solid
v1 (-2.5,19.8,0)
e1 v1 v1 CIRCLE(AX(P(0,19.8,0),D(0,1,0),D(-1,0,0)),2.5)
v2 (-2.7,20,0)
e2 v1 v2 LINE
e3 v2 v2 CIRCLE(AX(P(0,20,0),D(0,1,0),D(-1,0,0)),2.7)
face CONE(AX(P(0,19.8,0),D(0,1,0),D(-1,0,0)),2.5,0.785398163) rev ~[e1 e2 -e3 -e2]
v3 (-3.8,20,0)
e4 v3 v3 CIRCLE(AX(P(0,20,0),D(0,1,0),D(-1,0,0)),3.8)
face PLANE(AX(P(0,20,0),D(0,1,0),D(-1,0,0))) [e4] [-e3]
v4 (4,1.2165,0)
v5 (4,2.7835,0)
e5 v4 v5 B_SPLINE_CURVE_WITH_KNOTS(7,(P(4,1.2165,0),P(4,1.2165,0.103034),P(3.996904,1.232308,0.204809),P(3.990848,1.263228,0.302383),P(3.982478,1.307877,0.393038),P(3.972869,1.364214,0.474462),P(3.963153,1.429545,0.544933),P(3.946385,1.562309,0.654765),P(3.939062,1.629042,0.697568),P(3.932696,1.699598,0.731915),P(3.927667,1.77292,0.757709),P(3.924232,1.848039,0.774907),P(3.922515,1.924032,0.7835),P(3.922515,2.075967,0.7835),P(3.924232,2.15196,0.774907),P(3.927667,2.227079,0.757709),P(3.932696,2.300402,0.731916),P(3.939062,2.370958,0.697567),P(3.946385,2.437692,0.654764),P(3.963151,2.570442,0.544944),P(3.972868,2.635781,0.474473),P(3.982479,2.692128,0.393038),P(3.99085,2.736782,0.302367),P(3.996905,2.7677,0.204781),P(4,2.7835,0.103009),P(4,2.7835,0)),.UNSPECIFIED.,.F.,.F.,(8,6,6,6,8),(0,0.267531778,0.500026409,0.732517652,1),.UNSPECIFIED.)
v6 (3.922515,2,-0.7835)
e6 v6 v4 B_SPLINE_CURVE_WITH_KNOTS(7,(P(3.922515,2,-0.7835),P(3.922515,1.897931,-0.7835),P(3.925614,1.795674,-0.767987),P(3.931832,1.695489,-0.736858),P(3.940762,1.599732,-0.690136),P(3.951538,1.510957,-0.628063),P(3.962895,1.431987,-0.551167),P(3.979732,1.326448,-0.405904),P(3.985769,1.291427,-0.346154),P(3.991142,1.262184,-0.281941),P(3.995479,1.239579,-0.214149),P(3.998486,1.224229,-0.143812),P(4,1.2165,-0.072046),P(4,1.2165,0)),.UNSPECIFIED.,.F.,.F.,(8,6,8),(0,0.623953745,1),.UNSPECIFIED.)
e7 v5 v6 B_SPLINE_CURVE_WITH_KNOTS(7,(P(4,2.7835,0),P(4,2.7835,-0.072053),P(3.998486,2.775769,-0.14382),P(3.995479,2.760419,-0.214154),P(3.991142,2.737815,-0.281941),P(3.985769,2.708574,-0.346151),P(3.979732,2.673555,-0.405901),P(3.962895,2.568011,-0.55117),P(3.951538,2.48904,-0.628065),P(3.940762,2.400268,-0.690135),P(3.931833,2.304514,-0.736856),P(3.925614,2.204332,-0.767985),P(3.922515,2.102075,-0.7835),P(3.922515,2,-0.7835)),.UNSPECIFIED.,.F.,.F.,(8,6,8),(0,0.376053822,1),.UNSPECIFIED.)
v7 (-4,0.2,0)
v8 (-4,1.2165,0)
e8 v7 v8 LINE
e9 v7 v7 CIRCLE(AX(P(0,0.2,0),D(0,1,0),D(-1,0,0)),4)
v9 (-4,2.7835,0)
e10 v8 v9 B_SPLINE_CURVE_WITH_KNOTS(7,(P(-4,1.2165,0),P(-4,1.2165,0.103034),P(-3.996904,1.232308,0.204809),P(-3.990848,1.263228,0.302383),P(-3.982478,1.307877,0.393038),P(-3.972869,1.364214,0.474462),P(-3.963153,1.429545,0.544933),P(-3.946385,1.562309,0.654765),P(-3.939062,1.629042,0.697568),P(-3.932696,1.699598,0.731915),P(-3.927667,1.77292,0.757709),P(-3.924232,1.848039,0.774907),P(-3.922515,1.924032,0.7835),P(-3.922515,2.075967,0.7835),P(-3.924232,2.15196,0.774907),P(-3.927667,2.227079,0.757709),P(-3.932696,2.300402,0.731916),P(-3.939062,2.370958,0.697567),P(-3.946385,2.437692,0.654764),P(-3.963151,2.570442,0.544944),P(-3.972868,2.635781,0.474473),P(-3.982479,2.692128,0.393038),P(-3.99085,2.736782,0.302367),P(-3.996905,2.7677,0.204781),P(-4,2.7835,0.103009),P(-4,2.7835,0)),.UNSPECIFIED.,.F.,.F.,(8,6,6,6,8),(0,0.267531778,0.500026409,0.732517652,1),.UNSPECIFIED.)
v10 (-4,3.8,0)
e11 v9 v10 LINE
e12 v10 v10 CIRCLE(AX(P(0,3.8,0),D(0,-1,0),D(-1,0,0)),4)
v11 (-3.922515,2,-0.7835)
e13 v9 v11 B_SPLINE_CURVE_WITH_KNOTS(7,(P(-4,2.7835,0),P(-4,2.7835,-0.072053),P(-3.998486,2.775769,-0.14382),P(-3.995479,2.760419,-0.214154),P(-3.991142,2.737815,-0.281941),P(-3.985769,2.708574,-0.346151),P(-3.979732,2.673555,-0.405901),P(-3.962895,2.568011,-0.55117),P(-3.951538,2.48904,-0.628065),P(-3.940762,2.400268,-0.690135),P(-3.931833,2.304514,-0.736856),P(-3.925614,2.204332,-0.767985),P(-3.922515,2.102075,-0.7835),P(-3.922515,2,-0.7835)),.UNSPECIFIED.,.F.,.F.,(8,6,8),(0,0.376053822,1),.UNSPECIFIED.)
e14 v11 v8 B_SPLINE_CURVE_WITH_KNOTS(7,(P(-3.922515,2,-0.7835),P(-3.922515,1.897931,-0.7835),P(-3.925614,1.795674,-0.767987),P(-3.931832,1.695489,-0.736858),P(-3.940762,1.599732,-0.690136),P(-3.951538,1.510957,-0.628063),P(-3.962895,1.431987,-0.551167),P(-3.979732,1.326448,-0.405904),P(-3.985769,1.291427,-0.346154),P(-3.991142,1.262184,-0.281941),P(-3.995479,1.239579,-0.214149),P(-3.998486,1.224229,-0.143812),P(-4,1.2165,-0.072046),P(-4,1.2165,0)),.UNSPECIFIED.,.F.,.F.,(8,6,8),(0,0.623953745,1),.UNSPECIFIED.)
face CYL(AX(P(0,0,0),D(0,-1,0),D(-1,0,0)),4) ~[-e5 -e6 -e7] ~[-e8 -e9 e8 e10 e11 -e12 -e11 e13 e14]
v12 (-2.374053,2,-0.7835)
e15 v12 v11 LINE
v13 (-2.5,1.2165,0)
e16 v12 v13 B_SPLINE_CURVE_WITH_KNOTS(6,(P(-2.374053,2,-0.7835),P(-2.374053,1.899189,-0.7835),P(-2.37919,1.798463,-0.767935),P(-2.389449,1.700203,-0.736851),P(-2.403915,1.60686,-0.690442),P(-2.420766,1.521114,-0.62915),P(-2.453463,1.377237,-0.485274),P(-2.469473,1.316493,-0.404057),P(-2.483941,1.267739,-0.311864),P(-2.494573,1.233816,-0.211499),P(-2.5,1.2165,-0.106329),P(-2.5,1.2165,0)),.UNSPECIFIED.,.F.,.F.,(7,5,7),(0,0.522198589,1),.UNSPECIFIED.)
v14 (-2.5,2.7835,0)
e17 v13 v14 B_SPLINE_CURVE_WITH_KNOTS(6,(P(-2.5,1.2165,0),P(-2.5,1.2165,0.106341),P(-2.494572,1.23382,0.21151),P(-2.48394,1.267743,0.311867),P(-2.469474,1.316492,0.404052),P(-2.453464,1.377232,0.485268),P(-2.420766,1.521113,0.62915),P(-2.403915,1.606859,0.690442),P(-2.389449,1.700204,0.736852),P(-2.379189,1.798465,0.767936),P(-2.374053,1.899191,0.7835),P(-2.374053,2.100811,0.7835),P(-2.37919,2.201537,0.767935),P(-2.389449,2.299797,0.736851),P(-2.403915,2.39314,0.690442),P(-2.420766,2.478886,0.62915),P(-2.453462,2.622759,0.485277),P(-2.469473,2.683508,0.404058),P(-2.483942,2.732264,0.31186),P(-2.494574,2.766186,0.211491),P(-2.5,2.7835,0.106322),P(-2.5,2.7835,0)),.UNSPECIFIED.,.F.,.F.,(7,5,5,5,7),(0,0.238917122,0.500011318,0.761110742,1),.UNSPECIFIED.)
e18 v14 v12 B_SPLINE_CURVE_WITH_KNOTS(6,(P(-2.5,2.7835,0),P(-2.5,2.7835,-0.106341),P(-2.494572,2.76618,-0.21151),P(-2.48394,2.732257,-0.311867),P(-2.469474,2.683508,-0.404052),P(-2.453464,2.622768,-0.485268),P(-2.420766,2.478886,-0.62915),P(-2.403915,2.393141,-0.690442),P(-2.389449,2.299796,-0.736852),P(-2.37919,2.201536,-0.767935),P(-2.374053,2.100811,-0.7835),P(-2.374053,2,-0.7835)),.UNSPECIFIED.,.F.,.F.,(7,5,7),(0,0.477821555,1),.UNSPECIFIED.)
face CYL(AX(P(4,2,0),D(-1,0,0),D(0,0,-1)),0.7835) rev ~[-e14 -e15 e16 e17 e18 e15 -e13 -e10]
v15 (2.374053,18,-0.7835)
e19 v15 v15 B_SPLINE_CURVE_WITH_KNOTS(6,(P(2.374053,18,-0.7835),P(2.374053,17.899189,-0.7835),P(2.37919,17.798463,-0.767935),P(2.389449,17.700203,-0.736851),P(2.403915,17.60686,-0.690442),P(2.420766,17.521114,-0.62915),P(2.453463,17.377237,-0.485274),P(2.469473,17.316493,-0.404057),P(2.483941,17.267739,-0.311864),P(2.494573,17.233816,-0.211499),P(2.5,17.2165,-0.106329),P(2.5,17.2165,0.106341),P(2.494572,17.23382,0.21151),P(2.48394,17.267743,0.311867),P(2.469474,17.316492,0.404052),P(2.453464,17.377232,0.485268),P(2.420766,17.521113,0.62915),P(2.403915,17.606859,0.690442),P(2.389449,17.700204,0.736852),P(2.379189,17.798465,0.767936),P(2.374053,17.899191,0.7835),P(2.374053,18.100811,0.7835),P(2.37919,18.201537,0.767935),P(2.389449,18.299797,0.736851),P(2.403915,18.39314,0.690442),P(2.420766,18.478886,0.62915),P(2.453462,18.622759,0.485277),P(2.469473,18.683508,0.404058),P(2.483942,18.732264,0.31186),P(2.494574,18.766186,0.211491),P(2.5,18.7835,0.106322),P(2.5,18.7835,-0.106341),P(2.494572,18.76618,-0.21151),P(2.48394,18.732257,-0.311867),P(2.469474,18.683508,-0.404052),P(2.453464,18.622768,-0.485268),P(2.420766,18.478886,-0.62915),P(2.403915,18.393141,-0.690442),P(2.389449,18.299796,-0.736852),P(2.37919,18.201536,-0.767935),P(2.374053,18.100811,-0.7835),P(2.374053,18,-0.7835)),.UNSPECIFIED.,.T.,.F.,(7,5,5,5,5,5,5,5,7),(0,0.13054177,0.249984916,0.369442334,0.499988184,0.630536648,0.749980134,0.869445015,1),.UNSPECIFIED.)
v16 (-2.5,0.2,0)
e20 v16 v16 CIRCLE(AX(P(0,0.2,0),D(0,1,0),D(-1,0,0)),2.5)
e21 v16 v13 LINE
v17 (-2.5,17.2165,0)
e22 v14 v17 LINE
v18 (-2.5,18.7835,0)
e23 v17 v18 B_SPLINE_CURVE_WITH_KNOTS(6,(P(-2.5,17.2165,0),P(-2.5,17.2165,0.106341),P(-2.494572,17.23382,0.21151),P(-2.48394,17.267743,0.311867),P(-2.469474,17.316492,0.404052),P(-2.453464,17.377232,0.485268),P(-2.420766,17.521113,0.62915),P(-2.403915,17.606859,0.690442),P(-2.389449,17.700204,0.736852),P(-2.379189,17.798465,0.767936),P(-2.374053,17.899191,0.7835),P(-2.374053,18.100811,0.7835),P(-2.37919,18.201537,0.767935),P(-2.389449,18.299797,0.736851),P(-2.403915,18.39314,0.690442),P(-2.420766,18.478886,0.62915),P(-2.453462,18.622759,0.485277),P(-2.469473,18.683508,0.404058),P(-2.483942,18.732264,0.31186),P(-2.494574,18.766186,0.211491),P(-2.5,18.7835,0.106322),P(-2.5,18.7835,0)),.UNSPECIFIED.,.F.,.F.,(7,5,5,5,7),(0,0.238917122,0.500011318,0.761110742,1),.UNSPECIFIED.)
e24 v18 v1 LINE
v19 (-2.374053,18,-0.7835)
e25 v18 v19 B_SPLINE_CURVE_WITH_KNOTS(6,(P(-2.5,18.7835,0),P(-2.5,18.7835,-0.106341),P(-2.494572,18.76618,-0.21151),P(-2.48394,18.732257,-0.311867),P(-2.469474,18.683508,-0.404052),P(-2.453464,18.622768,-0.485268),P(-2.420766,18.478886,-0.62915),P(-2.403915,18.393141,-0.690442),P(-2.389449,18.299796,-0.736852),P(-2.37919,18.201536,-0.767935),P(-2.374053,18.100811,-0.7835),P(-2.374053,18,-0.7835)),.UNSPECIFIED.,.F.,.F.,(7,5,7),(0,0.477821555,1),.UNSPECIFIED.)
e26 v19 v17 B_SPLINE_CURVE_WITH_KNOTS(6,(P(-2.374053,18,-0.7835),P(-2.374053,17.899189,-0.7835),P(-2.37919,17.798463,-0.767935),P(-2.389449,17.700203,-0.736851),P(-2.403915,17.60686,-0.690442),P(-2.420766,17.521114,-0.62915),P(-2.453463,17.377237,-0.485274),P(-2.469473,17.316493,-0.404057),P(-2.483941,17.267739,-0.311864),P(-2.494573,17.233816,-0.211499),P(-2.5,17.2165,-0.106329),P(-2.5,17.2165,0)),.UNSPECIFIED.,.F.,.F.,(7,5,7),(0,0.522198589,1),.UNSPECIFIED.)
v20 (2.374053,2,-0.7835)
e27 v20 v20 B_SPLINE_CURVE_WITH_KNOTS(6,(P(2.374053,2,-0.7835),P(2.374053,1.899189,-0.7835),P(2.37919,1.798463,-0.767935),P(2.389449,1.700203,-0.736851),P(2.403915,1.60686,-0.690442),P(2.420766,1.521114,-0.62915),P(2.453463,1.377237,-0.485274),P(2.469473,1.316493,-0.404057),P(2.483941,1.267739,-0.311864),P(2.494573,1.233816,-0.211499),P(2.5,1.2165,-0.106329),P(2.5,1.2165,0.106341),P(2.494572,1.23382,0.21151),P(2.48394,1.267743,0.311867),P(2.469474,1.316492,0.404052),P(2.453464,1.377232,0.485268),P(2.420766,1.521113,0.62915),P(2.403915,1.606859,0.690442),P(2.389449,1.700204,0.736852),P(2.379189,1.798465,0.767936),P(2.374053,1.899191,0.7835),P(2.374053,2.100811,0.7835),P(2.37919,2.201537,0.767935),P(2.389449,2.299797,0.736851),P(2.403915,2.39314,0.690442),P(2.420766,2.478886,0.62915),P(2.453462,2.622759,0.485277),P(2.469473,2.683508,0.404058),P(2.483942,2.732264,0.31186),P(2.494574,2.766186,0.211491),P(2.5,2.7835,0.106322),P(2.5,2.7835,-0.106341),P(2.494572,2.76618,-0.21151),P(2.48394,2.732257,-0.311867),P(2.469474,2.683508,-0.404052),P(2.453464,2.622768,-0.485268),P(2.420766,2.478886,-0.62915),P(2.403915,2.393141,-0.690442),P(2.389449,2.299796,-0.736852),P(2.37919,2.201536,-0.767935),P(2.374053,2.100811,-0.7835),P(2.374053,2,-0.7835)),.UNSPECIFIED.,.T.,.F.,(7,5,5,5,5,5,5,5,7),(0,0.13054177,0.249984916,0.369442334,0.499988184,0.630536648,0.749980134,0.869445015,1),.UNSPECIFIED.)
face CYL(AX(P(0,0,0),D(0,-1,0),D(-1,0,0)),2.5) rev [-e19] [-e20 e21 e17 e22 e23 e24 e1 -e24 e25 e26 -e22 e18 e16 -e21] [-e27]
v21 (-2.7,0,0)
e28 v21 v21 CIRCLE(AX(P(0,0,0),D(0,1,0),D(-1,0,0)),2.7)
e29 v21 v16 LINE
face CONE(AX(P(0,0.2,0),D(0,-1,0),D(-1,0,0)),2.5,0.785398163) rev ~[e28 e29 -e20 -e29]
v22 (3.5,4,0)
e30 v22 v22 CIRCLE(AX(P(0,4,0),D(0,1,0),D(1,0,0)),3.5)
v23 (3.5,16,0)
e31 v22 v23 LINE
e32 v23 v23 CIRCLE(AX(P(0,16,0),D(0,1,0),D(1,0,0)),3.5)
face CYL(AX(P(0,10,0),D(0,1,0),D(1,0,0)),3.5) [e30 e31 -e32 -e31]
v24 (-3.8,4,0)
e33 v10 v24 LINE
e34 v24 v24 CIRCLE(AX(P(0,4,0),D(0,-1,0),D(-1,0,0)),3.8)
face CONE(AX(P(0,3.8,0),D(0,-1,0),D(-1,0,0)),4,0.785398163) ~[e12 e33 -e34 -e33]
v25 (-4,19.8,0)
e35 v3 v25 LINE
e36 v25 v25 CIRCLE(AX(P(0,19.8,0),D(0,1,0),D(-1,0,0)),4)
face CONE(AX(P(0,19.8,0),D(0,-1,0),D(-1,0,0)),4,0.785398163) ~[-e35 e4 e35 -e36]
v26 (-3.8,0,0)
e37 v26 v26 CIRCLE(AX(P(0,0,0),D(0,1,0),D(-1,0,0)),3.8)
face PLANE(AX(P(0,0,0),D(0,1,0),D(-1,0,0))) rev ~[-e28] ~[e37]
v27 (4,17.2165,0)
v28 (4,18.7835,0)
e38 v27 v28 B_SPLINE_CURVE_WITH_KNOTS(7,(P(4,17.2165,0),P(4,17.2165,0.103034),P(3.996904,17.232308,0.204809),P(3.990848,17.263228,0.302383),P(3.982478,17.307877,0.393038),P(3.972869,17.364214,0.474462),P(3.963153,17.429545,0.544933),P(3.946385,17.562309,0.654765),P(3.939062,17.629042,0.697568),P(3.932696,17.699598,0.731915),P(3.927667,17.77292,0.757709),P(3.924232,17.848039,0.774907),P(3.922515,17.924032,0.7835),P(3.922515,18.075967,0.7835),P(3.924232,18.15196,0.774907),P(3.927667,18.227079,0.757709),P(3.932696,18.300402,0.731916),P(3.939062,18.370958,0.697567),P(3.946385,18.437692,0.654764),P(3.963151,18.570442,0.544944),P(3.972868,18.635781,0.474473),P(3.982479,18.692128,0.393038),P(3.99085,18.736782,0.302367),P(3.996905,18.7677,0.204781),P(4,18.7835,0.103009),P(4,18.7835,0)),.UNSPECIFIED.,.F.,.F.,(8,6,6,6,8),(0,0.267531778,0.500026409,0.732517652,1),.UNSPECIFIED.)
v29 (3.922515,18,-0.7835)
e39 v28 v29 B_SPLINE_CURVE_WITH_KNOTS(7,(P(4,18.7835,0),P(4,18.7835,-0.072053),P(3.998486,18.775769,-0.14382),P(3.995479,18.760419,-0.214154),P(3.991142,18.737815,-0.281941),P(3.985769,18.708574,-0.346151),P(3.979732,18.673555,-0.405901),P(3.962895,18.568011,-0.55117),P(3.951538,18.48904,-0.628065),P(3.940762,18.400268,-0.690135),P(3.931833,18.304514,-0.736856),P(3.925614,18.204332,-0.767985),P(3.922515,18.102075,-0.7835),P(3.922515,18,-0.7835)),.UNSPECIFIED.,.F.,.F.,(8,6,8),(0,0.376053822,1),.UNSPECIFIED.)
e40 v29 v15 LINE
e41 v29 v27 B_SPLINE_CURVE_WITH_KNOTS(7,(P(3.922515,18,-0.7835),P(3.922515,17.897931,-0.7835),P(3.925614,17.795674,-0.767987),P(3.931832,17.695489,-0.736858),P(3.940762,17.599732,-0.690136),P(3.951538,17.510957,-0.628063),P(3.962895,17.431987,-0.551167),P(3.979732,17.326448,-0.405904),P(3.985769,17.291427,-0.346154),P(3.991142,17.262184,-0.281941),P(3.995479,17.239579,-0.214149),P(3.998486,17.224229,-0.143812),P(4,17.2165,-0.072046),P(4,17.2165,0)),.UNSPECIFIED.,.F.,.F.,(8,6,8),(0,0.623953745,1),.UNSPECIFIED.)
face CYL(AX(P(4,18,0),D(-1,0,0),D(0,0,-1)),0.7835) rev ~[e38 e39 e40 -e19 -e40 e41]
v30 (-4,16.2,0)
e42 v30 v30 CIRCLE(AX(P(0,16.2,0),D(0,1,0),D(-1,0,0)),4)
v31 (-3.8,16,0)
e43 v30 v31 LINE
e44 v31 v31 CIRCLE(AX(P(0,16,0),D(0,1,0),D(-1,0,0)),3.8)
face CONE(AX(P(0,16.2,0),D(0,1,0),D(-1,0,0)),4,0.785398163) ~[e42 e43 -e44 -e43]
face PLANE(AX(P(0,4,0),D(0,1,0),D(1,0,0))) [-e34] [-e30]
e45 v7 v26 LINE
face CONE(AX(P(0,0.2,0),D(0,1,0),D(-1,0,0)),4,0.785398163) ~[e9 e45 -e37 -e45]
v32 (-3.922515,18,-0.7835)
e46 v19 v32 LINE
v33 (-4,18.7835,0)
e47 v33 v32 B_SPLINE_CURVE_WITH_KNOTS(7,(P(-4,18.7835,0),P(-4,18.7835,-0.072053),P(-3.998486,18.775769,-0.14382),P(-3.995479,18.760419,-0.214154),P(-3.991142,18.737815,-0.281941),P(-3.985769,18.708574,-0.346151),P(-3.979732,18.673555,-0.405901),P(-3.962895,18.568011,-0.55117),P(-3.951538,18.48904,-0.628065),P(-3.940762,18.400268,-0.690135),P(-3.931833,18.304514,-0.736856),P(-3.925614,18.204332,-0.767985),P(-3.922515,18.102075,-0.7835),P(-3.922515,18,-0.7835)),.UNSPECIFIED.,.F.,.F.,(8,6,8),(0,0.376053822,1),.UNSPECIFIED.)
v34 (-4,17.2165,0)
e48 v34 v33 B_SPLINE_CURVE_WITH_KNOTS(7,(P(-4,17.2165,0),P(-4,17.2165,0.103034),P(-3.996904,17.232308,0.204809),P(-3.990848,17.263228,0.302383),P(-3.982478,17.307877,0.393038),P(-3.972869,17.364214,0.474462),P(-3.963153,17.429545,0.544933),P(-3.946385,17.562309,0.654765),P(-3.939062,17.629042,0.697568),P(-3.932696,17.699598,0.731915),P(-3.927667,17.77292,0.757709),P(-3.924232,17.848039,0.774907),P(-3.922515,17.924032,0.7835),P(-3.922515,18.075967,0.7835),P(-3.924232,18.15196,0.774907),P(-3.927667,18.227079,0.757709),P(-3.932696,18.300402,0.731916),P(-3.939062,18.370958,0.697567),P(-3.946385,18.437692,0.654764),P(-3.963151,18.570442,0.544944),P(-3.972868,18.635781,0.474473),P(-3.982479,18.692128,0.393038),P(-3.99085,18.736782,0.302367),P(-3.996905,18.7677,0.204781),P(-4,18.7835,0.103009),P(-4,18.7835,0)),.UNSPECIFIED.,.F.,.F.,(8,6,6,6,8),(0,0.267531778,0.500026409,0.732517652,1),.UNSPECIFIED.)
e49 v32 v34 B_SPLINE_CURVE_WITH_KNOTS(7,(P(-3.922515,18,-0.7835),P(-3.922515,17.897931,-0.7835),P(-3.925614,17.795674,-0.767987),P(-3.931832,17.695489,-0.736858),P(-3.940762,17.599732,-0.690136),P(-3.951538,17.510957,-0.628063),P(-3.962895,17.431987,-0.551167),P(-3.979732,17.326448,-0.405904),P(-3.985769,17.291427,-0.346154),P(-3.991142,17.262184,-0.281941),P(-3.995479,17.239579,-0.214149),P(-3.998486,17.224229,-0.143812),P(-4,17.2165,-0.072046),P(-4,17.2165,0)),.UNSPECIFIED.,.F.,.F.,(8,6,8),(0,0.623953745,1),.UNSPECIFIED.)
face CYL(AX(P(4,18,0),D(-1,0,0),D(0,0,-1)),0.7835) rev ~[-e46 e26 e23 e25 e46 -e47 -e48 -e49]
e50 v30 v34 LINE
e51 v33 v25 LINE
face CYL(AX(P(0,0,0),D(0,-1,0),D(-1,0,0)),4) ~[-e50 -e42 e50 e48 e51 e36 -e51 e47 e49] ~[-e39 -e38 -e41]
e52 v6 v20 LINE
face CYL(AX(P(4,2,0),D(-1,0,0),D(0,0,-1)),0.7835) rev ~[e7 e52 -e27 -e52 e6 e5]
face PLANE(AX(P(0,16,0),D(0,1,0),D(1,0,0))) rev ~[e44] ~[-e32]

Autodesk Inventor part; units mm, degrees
ref_plane "XZ Plane" through (0, 0, 0) normal (0, 1, 0) x (-1, 0, 0)
sketch "Sketch1" plane through (0, 0, 0) normal (0, 1, 0) x (-1, 0, 0)
  circle A0 centre (0, 0) radius 2.5
  circle A1 centre (0, 0) radius 4
  dimension "d0" = 5
  dimension "d1" = 8
extrude "Extrusion1" add sketch "Sketch1" along normal blind 20
ref_plane "Work Plane1" through (0, 10, 0) normal (0, 1, 0) x (1, 0, 0)
sketch "Sketch2" plane through (0, 10, 0) normal (0, 1, 0) x (1, 0, 0)
  circle A0 centre (0, 0) radius 2.5
  circle A1 centre (0, 0) radius 4 projected
  circle A2 centre (0, 0) radius 3.5
  dimension "d5" = 5
  dimension "d6" = 7
extrude "Extrusion2" cut sketch "Sketch2" along normal mid plane 12 contours A1
chamfer "Chamfer1" distance 0.2 angle 45 4 edges at (4, 0, 0) (4, 4, 0) (4, 16, 0) (4, 20, 0)
chamfer "Chamfer2" distance 0.2 angle 45 2 edges at (2.5, 20, 0) (2.5, 0, 0)
ref_plane "Work Plane2" through (4, 0, 0) normal (1, 0, 0) x (0, 1, 0)
sketch "Sketch3" plane through (4, 0, 0) normal (1, 0, 0) x (0, 1, 0)
  point P0 (0, 0)
  point P1 (2, 0)
  point P2 (18, 0)
  dimension "d15" = 16
  dimension "d16" = 2
hole "Hole1" at (4, 2, 0) at (4, 18, 0) direction (-1, 0, 0) diameter 1.567 end through all thread size "M2x0.4" class "6H" standard "ISO Metric profile"
properties part number "Khop_Noi_Truc_5_5"
